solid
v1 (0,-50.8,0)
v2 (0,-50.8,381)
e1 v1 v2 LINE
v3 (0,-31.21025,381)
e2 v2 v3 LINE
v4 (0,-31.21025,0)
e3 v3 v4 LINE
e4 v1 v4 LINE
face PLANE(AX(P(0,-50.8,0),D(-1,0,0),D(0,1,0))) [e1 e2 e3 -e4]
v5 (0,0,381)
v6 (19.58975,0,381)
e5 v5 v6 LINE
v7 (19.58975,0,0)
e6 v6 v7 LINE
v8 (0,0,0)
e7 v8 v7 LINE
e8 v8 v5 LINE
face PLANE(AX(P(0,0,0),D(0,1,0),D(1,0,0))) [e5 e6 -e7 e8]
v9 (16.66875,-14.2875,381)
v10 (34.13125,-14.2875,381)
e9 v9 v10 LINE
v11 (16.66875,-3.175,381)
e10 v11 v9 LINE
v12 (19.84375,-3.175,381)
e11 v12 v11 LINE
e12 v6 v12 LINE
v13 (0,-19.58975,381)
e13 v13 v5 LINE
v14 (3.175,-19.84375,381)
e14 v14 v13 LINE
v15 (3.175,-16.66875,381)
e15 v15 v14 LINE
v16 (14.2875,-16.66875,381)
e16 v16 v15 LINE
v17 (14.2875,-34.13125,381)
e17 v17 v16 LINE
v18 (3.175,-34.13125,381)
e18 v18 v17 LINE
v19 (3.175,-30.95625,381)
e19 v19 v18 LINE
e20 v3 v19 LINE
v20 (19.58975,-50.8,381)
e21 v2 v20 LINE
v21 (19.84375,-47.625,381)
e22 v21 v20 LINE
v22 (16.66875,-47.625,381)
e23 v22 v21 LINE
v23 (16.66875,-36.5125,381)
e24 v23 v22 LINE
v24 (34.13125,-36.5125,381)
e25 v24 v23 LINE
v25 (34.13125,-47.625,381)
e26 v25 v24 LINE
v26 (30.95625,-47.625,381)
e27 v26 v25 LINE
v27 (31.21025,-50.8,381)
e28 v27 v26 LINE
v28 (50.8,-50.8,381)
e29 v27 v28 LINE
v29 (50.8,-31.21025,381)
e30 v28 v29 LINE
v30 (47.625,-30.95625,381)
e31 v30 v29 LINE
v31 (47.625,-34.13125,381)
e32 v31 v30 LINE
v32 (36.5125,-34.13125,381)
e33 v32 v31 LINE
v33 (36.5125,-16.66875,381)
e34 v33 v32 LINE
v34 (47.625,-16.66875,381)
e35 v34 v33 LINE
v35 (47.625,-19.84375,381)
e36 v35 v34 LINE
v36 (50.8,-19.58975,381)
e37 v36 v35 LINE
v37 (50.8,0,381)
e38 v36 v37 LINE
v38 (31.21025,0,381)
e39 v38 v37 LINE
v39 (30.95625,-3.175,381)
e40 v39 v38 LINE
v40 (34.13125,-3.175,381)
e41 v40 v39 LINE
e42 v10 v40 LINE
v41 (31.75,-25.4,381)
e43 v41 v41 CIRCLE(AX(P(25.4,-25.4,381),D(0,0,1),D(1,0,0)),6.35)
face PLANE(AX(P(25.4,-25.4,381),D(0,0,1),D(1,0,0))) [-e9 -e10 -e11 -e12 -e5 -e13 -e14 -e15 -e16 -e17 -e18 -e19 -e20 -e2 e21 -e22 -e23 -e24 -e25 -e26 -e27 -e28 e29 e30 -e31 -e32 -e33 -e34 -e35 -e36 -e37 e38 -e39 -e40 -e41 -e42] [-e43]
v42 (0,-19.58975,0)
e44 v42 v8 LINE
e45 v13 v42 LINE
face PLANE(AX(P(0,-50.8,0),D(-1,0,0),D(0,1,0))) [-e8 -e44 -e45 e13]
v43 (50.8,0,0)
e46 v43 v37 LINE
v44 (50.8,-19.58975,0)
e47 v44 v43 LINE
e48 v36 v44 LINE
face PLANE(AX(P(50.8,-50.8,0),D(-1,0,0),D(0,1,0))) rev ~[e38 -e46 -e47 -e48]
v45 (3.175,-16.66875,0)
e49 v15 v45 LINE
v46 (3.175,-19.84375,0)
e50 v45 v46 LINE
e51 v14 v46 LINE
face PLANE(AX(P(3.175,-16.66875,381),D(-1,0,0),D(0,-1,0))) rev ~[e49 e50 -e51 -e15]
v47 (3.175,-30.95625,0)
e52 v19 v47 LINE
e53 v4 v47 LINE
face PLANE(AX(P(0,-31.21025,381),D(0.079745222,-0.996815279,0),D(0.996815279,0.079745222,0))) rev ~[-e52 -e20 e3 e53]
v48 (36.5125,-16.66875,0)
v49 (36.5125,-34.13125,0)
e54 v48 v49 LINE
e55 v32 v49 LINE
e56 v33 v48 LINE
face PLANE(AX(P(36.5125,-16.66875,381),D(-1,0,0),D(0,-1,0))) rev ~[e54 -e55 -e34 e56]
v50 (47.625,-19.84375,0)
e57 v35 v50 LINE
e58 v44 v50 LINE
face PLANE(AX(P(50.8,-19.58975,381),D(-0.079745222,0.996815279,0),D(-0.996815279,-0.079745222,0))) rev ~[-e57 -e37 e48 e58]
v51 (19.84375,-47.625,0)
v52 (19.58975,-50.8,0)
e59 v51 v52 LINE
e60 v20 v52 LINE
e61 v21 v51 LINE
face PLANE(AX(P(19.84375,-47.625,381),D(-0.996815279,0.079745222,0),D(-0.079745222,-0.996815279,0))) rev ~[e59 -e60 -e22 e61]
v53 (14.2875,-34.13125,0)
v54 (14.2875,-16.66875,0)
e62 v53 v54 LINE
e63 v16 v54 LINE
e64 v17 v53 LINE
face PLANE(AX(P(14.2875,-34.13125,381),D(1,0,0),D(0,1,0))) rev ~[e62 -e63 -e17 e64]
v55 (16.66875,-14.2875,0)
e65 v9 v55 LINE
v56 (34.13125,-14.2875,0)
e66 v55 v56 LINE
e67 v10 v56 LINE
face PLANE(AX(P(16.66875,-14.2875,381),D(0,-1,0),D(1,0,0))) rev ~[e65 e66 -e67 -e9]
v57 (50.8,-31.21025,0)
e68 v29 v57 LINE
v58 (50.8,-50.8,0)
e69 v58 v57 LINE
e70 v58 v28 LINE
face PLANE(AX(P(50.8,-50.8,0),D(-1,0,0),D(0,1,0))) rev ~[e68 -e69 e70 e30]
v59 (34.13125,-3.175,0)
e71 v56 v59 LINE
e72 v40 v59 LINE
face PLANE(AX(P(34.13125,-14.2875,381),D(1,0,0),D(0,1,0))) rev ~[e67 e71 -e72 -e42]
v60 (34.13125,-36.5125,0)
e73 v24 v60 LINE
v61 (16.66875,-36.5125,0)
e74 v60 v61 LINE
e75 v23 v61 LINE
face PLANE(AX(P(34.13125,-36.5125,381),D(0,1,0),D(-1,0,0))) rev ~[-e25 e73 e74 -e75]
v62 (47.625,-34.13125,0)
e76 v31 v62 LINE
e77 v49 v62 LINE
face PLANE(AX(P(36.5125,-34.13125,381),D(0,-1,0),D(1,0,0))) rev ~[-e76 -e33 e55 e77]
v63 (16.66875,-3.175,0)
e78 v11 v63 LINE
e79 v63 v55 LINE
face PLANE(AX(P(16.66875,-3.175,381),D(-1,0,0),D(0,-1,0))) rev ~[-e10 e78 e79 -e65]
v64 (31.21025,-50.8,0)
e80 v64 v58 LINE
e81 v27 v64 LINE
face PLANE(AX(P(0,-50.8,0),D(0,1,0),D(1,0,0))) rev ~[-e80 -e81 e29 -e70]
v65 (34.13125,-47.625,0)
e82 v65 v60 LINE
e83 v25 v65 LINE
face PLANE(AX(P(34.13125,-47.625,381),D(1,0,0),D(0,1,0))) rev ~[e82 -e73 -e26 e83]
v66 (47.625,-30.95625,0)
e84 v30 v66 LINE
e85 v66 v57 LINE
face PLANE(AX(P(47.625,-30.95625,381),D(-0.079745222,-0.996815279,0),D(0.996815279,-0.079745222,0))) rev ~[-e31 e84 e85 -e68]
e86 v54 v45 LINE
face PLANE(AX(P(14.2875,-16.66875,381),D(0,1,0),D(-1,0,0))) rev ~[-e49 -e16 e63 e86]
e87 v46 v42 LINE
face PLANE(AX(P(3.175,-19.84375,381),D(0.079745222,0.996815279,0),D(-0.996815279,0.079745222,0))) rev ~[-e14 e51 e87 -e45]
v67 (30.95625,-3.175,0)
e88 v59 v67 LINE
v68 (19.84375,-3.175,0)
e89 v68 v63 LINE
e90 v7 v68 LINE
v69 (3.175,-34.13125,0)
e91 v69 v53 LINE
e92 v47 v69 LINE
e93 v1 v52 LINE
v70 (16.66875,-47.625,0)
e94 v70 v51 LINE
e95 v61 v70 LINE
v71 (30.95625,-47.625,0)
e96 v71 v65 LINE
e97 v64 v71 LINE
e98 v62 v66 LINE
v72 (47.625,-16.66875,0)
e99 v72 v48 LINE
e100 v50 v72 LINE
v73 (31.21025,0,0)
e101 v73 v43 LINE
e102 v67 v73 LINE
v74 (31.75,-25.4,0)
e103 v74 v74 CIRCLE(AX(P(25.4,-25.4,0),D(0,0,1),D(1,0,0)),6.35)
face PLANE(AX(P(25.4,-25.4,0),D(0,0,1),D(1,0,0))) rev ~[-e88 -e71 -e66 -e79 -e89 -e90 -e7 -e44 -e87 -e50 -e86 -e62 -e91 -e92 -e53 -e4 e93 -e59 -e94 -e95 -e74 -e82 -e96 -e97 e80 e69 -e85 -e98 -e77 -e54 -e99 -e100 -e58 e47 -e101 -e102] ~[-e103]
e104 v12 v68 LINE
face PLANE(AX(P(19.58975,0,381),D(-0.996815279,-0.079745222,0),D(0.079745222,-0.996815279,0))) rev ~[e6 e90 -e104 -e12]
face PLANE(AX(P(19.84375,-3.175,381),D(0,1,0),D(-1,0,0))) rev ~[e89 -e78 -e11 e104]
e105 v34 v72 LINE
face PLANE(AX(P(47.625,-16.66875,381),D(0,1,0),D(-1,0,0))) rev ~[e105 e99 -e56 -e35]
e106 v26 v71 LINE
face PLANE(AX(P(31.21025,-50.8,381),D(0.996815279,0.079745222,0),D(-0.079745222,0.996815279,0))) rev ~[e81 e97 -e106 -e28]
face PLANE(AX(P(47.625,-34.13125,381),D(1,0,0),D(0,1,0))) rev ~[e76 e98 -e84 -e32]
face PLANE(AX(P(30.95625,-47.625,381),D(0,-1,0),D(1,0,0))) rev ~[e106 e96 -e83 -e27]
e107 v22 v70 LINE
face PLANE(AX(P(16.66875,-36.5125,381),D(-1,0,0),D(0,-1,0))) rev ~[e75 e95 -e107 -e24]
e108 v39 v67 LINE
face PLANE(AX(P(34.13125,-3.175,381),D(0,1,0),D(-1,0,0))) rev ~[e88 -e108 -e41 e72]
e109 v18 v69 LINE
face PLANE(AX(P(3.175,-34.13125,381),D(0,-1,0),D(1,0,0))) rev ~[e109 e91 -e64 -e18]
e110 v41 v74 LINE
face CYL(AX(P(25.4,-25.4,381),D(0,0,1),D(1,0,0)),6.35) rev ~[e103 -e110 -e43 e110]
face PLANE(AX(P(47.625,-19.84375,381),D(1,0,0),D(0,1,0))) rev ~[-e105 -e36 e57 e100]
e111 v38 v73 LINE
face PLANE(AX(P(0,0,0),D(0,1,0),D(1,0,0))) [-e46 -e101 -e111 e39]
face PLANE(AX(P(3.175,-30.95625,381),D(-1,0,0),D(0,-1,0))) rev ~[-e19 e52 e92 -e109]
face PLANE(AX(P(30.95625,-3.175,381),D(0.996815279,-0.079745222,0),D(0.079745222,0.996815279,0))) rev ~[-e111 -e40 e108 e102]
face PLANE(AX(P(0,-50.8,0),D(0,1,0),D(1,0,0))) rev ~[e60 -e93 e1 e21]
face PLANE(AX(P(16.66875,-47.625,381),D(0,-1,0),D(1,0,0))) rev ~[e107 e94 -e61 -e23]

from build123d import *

# Parameters (mm, degrees)
F0_W     = 50.8
F0_H     = 50.8
F1_DEPTH = 381
F2_R     = 6.35
F3_DEPTH = 508


with BuildPart() as f1:
    # F0 (on Top) → F1 (new body)
    with BuildSketch(Plane.XY):
        with Locations((25.4, -25.4)):
            Rectangle(F0_W, F0_H)
    extrude(amount=F1_DEPTH)

    # F2 (on face) → F3 (cut)
    with BuildSketch(Plane.XY.offset(381)):
        with Locations((25.4, -25.4)):
            Circle(F2_R)
        Polygon((19.84375, -47.625), (19.58975, -50.8), (31.21025, -50.8), (30.95625, -47.625), (34.13125, -47.625), (34.13125, -36.5125), (16.66875, -36.5125), (16.66875, -47.625), align=None)
        Polygon((50.8, -31.21025), (50.8, -19.58975), (47.625, -19.84375), (47.625, -16.66875), (36.5125, -16.66875), (36.5125, -34.13125), (47.625, -34.13125), (47.625, -30.95625), align=None)
        Polygon((3.175, -19.84375), (0, -19.58975), (0, -31.21025), (3.175, -30.95625), (3.175, -34.13125), (14.2875, -34.13125), (14.2875, -16.66875), (3.175, -16.66875), align=None)
        Polygon((19.84375, -3.175), (16.66875, -3.175), (16.66875, -14.2875), (34.13125, -14.2875), (34.13125, -3.175), (30.95625, -3.175), (31.21025, 0), (19.58975, 0), align=None)
    extrude(amount=-F3_DEPTH, mode=Mode.SUBTRACT)


solid = f1.part
